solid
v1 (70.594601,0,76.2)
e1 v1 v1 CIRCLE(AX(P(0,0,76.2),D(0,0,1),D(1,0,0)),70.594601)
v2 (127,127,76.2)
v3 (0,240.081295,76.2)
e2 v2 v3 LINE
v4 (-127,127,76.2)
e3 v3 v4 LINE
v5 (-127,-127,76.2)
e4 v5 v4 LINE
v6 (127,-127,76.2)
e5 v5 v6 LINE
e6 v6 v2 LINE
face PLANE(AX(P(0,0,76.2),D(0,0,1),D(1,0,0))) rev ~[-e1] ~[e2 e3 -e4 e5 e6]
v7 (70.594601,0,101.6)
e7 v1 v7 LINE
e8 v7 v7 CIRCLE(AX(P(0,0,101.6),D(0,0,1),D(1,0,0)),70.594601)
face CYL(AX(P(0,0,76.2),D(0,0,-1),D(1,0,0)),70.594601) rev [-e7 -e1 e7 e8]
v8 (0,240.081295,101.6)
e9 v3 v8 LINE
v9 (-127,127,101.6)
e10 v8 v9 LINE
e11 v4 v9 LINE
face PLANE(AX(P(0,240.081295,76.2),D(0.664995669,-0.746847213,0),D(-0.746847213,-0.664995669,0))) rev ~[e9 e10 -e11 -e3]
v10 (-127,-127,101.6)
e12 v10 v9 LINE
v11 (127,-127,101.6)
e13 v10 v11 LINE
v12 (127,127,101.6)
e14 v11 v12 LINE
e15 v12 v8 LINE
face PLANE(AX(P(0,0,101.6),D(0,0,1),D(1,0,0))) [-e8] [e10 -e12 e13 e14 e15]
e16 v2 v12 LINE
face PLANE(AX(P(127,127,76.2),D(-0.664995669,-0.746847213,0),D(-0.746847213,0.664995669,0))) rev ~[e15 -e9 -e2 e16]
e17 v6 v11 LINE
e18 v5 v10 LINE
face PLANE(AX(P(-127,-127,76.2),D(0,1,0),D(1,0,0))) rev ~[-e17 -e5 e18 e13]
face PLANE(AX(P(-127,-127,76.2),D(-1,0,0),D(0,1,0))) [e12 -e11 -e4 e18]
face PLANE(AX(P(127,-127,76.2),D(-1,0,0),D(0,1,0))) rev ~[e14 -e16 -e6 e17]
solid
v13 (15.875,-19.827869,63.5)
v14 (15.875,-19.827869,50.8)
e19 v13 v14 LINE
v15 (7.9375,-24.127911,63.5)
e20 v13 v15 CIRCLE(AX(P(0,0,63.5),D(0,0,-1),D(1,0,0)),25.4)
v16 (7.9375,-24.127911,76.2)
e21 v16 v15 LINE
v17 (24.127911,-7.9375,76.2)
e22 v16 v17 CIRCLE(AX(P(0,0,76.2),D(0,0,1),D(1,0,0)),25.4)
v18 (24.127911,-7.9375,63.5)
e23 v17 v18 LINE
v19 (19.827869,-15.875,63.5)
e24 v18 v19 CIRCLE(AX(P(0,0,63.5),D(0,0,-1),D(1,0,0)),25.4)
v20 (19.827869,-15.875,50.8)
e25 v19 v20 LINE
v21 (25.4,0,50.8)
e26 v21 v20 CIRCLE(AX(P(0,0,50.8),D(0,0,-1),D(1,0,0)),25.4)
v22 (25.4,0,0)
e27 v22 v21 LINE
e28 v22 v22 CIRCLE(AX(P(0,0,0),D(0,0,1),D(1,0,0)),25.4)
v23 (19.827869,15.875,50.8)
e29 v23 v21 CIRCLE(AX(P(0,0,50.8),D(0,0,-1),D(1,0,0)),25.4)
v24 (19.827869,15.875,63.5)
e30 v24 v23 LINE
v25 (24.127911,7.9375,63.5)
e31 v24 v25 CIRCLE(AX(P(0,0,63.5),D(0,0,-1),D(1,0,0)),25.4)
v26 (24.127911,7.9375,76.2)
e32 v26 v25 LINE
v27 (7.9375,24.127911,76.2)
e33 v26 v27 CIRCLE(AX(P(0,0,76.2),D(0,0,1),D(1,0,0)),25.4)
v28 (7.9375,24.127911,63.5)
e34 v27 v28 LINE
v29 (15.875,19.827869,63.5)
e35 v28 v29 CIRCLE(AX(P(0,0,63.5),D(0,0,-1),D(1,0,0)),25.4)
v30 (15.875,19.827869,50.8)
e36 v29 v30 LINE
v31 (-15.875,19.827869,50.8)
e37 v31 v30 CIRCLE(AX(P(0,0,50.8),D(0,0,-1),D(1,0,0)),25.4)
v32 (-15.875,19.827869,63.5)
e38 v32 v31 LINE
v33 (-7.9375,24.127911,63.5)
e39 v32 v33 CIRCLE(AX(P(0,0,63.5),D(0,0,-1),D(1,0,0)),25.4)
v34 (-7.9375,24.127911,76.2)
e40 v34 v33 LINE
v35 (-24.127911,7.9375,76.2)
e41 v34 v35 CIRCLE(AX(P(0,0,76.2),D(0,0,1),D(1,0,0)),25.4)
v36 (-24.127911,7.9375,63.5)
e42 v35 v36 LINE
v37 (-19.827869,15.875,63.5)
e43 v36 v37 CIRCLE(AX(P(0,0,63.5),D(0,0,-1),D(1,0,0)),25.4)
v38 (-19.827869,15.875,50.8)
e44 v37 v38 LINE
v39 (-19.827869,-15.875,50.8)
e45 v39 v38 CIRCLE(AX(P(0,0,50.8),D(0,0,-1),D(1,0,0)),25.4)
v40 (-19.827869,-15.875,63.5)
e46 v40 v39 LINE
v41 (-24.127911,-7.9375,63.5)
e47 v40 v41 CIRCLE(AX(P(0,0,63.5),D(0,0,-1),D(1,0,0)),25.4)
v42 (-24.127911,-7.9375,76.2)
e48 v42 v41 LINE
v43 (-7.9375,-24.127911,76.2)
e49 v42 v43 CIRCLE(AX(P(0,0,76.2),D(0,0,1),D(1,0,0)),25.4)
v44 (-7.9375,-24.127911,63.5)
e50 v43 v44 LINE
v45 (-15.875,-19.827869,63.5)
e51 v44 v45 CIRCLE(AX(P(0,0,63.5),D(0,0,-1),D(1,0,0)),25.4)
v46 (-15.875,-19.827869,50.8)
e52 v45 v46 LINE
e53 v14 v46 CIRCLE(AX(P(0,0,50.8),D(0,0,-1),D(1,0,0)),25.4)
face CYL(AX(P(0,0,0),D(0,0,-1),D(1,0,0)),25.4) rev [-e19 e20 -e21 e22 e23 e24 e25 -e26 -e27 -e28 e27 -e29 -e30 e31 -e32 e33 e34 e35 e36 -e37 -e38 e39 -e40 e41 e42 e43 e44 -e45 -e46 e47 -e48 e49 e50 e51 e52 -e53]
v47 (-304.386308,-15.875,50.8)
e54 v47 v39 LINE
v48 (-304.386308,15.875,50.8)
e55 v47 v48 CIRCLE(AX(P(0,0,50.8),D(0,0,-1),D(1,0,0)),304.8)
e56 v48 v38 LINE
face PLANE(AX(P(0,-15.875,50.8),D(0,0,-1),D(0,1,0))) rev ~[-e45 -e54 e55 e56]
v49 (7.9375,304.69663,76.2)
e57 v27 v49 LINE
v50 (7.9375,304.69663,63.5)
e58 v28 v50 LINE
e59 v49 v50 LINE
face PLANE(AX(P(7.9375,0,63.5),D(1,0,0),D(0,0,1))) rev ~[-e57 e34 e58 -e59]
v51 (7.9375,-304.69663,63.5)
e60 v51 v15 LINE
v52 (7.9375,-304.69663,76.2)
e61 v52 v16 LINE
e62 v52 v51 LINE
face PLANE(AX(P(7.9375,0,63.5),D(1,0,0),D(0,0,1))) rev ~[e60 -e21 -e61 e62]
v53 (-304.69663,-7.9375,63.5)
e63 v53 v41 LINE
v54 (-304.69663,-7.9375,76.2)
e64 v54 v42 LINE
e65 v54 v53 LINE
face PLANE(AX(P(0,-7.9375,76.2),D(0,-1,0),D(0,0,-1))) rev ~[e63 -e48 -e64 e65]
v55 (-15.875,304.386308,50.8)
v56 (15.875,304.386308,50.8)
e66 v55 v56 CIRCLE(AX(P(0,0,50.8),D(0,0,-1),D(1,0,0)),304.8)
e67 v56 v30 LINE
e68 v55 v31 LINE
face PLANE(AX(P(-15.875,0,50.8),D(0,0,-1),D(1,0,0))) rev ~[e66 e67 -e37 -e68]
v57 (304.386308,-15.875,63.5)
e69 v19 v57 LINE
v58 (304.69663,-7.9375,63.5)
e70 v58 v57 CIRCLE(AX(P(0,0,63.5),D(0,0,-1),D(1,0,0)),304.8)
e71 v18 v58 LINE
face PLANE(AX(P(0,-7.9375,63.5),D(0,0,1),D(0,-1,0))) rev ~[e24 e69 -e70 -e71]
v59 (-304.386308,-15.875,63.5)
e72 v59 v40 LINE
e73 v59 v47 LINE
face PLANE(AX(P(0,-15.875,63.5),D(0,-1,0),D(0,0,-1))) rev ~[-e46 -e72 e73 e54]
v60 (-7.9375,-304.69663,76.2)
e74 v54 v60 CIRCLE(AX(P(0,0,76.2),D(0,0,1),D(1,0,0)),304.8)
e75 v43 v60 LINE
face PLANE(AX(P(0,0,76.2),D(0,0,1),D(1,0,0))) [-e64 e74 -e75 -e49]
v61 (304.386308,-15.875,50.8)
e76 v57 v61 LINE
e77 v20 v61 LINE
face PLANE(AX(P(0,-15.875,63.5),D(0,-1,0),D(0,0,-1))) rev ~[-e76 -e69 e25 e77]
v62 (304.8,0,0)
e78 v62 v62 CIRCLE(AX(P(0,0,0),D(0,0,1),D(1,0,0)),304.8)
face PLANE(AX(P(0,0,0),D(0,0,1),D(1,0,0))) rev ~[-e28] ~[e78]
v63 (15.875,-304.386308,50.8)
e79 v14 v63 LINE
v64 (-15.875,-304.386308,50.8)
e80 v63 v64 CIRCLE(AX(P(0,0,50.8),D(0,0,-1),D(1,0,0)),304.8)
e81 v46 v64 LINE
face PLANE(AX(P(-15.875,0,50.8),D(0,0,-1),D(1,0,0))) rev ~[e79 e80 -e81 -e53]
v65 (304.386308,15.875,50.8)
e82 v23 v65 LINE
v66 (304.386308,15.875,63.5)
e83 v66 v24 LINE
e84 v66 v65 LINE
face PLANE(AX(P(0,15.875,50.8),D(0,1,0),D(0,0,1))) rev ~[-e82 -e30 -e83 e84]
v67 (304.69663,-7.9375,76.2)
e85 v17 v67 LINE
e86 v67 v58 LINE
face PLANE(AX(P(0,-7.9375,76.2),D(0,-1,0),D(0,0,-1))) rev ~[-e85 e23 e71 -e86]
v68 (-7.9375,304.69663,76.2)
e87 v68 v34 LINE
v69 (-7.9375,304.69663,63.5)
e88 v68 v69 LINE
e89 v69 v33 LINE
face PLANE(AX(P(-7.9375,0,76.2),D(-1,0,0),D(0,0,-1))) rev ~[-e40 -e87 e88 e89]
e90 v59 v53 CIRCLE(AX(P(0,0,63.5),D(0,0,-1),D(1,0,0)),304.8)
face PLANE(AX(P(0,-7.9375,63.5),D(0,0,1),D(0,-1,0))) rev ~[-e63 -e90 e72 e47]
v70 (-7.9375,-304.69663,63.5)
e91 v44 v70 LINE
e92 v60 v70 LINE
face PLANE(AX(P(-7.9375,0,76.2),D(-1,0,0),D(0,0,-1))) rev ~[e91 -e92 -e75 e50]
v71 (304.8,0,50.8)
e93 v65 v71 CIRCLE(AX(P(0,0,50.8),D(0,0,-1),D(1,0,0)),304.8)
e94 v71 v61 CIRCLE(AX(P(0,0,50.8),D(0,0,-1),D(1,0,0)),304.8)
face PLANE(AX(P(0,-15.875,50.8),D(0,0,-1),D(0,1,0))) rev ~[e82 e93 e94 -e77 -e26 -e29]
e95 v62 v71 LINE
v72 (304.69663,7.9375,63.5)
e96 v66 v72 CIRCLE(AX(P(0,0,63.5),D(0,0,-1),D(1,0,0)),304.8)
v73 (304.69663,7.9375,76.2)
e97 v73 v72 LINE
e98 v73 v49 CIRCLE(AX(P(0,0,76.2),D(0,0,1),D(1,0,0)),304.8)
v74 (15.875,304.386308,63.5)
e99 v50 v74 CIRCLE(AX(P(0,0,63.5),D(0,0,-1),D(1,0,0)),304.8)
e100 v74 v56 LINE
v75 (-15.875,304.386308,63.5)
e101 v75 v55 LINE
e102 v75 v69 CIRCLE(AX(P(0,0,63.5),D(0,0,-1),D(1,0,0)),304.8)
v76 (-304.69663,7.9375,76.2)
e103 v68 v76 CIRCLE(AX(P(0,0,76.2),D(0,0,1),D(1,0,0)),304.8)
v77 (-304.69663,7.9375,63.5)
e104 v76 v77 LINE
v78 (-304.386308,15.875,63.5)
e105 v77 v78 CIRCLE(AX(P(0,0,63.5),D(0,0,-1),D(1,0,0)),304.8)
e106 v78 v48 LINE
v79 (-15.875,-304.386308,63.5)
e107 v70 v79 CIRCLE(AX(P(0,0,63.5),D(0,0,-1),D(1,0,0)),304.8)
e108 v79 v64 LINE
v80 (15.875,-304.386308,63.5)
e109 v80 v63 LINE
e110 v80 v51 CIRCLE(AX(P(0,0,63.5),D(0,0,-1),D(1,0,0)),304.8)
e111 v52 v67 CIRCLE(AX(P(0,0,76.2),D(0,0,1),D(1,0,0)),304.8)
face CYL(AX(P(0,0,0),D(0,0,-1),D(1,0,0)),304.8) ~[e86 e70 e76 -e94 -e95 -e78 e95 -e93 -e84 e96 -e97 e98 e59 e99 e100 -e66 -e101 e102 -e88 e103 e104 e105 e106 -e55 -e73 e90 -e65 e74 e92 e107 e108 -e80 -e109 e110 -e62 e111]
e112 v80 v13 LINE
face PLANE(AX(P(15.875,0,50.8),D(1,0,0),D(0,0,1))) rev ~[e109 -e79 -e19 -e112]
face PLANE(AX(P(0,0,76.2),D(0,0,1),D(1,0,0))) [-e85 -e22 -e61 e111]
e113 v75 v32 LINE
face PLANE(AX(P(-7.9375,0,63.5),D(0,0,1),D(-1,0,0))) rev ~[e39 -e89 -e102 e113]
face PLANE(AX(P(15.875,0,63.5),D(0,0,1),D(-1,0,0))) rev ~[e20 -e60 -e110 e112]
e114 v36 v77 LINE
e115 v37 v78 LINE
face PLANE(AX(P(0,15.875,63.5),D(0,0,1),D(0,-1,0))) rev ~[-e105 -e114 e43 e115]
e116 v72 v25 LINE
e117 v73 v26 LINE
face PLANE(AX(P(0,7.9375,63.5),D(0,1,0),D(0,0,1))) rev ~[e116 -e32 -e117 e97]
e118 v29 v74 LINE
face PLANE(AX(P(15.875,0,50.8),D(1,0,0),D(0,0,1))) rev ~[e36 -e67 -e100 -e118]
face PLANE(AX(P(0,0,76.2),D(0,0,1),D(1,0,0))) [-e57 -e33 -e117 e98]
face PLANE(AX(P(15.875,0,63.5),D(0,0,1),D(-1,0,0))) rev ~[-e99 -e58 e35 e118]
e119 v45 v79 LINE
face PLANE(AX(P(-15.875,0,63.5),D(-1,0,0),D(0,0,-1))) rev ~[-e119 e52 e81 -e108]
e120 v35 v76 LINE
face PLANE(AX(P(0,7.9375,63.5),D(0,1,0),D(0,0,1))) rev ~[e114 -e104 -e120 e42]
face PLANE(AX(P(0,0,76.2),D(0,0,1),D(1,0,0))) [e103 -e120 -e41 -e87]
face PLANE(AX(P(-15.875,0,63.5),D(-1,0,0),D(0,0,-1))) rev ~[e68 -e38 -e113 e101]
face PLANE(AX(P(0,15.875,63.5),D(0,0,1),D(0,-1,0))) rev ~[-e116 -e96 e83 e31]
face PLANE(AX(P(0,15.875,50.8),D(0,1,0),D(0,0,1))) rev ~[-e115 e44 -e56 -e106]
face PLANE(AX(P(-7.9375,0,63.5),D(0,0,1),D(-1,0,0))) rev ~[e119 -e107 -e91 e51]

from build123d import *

# Parameters (mm, degrees)
F0_R          = 304.8
F0_R_2        = 25.4
F1_DEPTH      = 76.2
F3_DEPTH      = 304.801
F3_DEPTH_BACK = 304.801
F4_COUNT      = 2
F4_ANGLE      = 90
F6_W          = 254
F6_H          = 254
F6_R          = 70.594601
F7_DEPTH      = 25.4


with BuildPart() as f1:
    # F0 (on Top) → F1 (new body)
    with BuildSketch(Plane.XY):
        Circle(F0_R)
        Circle(F0_R_2, mode=Mode.SUBTRACT)
    extrude(amount=F1_DEPTH)


with BuildPart() as f3:
    # F2 (on Front) → F3 (new body, two sides)
    with BuildSketch(Plane.XZ) as f3_sk:
        Polygon((7.9375, 76.2), (-7.9375, 76.2), (-7.9375, 63.5), (-15.875, 63.5), (-15.875, 50.8), (15.875, 50.8), (15.875, 63.5), (7.9375, 63.5), align=None)
    extrude(amount=F3_DEPTH)
    extrude(f3_sk.sketch, amount=-F3_DEPTH_BACK)


with BuildPart() as f4_1:
    # F4: instance of F3
    add(f3.part.rotate(Axis((0, 0, 58.865096), (0, 0, 1)), 1 * F4_ANGLE / (F4_COUNT - 1)))


with BuildPart() as f1_1:
    add(f1.part)

    # F5: cut F4_1, F3
    add(f4_1.part, mode=Mode.SUBTRACT)
    add(f3.part, mode=Mode.SUBTRACT)


with BuildPart() as f7:
    # F6 (on face) → F7 (new body)
    with BuildSketch(Plane.XY.offset(76.2)):
        Rectangle(F6_W, F6_H)
        Circle(F6_R, mode=Mode.SUBTRACT)
        Polygon((0, 240.081295), (-127, 127), (127, 127), align=None)
    extrude(amount=F7_DEPTH)


solid = Compound([f1_1.part, f7.part])
